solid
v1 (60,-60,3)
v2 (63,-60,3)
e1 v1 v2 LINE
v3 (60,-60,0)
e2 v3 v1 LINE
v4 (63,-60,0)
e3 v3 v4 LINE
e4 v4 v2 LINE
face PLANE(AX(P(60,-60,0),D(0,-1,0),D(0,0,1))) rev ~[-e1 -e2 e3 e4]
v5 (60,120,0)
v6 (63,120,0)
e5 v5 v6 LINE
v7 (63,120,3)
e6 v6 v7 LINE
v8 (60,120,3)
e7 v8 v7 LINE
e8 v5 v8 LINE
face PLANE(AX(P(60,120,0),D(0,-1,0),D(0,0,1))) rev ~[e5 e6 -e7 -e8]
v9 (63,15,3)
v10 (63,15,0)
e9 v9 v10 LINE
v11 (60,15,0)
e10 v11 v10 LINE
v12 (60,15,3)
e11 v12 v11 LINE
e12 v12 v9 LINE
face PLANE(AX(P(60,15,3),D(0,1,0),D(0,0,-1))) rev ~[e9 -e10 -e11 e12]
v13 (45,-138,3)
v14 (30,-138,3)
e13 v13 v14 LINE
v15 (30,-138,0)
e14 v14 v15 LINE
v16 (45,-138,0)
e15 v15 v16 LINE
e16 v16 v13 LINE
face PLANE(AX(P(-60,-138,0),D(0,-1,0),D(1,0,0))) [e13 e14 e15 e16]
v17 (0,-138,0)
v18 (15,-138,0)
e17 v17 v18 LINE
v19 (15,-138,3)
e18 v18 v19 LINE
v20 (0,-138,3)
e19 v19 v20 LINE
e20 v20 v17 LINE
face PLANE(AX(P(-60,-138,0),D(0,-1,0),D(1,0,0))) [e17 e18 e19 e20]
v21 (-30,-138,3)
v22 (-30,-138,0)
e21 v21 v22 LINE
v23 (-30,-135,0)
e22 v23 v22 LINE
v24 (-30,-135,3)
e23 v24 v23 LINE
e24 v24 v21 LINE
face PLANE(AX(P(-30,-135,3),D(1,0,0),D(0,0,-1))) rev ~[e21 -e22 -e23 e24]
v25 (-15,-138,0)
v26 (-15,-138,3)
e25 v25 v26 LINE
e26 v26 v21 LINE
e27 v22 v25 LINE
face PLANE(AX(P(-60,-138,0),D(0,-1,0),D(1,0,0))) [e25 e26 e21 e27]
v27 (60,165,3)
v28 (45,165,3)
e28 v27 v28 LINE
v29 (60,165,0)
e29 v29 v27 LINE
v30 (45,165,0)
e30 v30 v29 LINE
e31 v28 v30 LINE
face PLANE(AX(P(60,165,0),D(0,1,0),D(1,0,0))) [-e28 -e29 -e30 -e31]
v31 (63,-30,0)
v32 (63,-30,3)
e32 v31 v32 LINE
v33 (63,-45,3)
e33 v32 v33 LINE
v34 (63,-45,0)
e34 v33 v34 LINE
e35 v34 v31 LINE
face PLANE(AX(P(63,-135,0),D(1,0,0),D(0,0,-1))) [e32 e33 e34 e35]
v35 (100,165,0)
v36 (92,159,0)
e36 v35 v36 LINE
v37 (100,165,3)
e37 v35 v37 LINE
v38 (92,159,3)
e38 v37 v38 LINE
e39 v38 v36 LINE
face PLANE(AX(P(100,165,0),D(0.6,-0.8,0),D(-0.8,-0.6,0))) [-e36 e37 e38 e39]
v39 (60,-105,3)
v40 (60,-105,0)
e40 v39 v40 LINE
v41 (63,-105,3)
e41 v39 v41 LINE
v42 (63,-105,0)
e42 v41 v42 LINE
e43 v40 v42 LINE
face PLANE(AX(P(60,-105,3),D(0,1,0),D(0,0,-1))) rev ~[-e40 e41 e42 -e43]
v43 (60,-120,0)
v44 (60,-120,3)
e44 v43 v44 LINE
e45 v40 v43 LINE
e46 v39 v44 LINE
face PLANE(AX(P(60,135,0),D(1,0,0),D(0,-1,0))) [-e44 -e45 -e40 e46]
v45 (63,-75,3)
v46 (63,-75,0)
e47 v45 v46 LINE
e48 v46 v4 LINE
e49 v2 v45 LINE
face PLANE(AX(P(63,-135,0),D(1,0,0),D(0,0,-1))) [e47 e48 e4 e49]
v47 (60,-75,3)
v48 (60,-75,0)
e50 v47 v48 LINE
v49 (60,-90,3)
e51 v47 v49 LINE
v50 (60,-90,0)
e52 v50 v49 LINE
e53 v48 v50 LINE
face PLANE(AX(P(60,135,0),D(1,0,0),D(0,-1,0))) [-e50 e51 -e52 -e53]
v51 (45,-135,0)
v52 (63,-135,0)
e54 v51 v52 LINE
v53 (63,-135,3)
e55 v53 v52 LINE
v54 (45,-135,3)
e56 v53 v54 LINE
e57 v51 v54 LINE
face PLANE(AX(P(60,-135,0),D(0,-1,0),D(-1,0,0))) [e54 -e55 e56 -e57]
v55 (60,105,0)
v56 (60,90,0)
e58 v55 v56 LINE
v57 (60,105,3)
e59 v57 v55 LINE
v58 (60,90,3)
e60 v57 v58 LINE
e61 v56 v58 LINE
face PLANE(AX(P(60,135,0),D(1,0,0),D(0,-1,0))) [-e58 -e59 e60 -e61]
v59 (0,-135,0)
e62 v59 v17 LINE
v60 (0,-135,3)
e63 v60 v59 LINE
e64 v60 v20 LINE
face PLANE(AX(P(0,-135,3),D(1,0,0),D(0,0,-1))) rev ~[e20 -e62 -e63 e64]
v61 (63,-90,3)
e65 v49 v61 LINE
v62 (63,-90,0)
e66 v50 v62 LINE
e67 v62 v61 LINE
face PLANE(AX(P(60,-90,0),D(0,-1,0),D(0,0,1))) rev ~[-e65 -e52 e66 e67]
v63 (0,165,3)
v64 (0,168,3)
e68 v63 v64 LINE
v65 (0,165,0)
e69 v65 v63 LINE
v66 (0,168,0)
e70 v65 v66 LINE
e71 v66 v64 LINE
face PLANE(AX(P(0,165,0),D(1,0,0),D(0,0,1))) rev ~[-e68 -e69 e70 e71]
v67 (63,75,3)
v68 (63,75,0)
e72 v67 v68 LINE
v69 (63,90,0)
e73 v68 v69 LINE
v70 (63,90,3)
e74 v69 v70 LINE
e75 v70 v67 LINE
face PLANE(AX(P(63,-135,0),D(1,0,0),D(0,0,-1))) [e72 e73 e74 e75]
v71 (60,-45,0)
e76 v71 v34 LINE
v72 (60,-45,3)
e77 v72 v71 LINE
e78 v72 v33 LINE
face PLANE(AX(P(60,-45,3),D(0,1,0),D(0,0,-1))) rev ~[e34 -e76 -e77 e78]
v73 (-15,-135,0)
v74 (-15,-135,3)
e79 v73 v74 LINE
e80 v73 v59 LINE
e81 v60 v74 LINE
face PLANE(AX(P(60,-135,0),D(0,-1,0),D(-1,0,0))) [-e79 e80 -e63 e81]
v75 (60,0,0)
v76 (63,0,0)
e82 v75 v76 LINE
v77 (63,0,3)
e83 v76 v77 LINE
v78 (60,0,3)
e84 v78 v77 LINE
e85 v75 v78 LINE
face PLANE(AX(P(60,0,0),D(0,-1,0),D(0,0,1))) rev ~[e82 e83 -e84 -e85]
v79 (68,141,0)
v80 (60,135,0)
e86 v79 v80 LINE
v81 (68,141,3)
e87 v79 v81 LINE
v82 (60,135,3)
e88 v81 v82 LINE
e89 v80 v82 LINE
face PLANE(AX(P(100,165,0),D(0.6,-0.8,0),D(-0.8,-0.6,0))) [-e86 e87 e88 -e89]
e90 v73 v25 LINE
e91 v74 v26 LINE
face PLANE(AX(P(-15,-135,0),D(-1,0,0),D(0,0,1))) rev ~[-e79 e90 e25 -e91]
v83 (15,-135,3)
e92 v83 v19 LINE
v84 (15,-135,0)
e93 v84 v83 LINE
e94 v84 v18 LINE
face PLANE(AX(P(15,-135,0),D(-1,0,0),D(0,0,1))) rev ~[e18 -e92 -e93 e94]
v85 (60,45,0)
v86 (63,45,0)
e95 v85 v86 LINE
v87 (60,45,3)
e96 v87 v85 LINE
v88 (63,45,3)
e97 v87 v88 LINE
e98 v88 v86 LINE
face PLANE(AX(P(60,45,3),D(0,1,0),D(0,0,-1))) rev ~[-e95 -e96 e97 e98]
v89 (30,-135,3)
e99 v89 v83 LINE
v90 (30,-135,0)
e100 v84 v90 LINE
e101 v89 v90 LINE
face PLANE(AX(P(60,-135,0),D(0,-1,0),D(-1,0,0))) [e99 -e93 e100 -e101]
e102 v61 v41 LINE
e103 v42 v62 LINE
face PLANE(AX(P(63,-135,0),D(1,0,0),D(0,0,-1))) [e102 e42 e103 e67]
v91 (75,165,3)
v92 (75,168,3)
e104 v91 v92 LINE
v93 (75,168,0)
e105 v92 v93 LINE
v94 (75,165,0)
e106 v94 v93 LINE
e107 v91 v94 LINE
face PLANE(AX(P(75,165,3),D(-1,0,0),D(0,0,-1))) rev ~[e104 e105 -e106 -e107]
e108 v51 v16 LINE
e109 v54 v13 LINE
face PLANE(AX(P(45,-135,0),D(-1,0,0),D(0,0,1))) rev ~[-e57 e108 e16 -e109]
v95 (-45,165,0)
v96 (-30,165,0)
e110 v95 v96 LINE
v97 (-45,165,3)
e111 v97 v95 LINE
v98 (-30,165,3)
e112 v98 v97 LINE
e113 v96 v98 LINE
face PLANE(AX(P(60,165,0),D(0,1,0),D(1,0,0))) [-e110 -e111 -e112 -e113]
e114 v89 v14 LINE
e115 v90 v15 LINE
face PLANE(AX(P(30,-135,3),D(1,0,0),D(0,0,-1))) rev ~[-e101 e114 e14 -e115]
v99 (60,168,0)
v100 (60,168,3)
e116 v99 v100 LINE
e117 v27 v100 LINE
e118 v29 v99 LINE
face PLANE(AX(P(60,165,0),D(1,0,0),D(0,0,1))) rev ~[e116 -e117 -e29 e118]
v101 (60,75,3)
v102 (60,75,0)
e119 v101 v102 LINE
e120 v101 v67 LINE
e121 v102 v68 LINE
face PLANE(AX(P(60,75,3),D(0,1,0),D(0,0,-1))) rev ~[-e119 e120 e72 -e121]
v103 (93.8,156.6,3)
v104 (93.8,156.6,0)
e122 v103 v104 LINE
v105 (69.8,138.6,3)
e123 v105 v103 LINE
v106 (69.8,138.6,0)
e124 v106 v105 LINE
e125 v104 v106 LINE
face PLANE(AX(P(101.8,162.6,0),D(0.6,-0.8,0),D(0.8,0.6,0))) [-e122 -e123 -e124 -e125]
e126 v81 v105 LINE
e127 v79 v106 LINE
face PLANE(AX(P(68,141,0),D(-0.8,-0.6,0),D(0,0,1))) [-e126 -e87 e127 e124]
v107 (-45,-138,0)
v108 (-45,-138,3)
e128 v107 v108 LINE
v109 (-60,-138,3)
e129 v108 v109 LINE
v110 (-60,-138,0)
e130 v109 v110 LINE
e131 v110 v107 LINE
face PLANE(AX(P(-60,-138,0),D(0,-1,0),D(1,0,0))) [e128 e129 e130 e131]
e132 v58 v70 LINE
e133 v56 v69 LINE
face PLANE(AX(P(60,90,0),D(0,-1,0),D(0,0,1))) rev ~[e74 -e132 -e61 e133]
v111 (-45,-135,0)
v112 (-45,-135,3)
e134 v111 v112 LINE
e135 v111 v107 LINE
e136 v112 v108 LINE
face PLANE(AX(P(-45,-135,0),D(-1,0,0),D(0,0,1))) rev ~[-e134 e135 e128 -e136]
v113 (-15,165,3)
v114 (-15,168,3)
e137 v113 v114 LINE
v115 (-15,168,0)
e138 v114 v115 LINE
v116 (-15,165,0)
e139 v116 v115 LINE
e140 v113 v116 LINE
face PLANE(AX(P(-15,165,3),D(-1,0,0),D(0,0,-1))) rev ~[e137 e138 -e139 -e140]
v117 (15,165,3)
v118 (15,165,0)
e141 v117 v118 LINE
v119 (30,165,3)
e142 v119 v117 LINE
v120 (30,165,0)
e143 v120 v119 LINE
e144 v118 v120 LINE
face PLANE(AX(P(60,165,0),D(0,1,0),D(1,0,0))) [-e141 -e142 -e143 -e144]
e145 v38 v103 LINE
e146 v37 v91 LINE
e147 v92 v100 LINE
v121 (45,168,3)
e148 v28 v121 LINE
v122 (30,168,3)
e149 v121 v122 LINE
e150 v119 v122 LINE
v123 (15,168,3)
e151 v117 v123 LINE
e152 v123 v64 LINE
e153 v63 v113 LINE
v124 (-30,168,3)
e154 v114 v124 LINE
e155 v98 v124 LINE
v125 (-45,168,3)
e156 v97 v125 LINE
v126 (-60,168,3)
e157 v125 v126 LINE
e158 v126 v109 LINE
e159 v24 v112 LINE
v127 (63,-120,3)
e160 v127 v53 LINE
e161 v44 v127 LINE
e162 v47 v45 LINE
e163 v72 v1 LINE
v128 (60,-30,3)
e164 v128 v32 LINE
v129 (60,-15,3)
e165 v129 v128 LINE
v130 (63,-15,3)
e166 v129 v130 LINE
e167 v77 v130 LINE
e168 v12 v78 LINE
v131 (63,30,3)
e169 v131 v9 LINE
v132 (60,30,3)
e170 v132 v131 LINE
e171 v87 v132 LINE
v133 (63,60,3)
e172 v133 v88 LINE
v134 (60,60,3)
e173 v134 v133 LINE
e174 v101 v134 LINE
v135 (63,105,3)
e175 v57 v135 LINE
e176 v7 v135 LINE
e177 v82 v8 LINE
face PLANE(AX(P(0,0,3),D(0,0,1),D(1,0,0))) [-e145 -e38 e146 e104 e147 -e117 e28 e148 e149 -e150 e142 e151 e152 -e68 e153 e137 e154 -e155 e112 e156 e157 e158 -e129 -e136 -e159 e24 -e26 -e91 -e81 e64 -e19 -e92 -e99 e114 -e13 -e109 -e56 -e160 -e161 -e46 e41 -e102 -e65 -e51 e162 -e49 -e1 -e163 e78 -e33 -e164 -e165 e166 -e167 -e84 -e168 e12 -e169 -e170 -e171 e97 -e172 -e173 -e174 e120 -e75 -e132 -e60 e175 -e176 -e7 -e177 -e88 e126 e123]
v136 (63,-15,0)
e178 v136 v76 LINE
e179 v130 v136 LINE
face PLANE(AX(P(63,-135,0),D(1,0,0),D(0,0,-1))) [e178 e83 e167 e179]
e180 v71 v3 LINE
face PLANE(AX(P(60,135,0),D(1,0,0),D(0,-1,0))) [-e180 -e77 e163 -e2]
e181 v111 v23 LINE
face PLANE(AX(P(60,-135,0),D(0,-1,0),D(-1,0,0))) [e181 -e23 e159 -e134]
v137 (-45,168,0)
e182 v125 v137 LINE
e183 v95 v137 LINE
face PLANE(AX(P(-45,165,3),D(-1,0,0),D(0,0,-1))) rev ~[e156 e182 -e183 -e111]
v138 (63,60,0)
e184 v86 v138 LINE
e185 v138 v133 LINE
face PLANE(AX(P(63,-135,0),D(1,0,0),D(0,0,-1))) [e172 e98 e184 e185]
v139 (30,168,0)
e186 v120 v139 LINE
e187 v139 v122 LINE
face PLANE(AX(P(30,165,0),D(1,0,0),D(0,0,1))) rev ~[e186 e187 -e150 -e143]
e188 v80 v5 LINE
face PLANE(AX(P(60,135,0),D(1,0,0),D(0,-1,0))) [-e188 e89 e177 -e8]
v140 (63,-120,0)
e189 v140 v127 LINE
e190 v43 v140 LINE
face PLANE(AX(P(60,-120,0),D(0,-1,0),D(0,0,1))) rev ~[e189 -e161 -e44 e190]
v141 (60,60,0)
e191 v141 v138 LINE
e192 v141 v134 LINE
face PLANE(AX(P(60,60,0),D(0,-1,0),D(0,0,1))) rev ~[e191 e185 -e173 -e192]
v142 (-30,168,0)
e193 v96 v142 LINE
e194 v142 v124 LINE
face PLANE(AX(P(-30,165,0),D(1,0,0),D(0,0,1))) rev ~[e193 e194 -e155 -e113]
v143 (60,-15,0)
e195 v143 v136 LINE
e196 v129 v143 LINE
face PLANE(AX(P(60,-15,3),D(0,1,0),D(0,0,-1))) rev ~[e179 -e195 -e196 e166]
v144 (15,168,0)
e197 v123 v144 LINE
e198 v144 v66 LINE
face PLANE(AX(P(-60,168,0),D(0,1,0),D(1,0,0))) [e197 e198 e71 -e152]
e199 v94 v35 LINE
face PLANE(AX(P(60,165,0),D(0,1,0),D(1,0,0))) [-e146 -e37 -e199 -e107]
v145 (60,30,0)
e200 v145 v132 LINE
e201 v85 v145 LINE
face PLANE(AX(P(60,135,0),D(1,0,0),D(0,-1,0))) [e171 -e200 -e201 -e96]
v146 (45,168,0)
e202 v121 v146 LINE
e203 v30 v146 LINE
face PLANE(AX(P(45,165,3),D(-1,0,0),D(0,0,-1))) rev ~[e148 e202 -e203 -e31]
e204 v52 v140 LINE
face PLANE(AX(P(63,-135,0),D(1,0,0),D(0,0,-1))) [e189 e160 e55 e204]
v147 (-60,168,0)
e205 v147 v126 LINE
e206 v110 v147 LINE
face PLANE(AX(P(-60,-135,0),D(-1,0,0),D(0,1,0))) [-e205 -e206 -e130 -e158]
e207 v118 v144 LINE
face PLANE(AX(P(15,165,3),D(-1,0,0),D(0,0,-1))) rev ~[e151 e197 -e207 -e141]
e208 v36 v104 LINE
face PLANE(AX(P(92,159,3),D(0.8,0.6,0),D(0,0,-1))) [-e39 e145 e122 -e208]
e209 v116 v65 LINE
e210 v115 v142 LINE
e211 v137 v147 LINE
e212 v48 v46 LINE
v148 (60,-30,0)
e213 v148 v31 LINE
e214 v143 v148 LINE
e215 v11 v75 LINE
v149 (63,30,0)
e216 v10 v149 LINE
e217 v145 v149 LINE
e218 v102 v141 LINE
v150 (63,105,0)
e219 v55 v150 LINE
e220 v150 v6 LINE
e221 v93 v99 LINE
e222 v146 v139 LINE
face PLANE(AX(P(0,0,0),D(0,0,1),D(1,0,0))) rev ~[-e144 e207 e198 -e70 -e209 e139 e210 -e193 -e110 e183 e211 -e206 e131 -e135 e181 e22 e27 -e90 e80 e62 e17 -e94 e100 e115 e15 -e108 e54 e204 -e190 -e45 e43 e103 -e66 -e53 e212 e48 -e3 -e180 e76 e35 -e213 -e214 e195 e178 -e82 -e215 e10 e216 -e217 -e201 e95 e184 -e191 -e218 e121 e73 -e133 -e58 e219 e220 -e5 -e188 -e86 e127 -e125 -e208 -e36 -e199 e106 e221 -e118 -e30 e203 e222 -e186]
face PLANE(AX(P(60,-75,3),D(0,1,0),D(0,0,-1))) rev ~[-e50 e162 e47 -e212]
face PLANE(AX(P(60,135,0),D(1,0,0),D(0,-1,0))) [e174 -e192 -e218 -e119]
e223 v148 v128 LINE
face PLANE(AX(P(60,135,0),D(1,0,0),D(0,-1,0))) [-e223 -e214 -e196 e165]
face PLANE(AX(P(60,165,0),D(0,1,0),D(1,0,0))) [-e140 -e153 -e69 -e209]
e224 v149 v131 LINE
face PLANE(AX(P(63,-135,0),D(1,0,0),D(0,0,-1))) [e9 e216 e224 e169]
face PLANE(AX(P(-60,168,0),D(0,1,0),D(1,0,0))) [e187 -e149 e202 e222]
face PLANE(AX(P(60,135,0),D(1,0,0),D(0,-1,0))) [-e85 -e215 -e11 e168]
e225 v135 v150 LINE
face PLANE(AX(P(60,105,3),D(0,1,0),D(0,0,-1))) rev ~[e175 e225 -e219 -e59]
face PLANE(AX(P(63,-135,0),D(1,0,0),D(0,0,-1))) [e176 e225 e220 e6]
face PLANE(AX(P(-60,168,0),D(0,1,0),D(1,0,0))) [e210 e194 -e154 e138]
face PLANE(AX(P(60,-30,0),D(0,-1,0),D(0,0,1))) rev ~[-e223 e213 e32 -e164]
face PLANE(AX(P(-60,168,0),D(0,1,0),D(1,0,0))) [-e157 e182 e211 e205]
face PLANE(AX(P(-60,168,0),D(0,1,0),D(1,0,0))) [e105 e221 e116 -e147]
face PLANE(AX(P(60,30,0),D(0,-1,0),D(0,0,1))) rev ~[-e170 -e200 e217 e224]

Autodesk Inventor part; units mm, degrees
ref_plane "YZ Plane" through (0, 0, 0) normal (1, 0, 0) x (0, 1, 0)
ref_plane "XZ Plane" through (0, 0, 0) normal (0, 1, 0) x (-1, 0, 0)
ref_plane "XY Plane" through (0, 0, 0) normal (0, 0, 1) x (1, 0, 0)
sketch "Esboço1" plane through (0, 0, 0) normal (0, 0, 1) x (1, 0, 0)
  line L0 (60, -135) -> (-60, -135)
  line L1 (-60, -135) -> (-60, 135)
  line L2 (-60, 135) -> (60, 135)
  line L3 (60, 135) -> (60, -135)
  line L4 (60, -135) -> (-60, 135) construction
  line L5 (-60, -135) -> (60, 135) construction
  line L6 (-60, 135) -> (60, 135)
  line L7 (60, 135) -> (60, 165)
  line L8 (60, 165) -> (-60, 165)
  line L9 (-60, 165) -> (-60, 135)
  line L10 (60, 165) -> (100, 165)
  line L11 (100, 165) -> (60, 135)
  point P0 (0, 0)
  dimension "d0" = 120
  dimension "d1" = 270
  dimension "d2" = 120
  dimension "d3" = 30
  dimension "d4" = 40
extrude "Extrusão1" add sketch "Esboço1" along normal blind 3
sketch "Esboço2" plane through (60, -135, 0) normal (1, 0, 0) x (0, 0, -1)
  line L0 (-3, 0) -> (0, 0)
  line L1 (0, 0) -> (0, 15)
  line L2 (0, 15) -> (-3, 15)
  line L3 (-3, 15) -> (-3, 0)
  line L4 (-3, 30) -> (0, 30)
  line L5 (0, 30) -> (0, 45)
  line L6 (0, 45) -> (-3, 45)
  line L7 (-3, 45) -> (-3, 30)
  line L8 (-3, 60) -> (0, 60)
  line L9 (0, 60) -> (0, 75)
  line L10 (0, 75) -> (-3, 75)
  line L11 (-3, 75) -> (-3, 60)
  line L12 (-3, 90) -> (0, 90)
  line L13 (0, 90) -> (0, 105)
  line L14 (0, 105) -> (-3, 105)
  line L15 (-3, 105) -> (-3, 90)
  line L16 (-3, 120) -> (0, 120)
  line L17 (0, 120) -> (0, 135)
  line L18 (0, 135) -> (-3, 135)
  line L19 (-3, 135) -> (-3, 120)
  line L20 (-3, 150) -> (0, 150)
  line L21 (0, 150) -> (0, 165)
  line L22 (0, 165) -> (-3, 165)
  line L23 (-3, 165) -> (-3, 150)
  line L24 (-3, 180) -> (0, 180)
  line L25 (0, 180) -> (0, 195)
  line L26 (0, 195) -> (-3, 195)
  line L27 (-3, 195) -> (-3, 180)
  line L28 (-3, 210) -> (0, 210)
  line L29 (0, 210) -> (0, 225)
  line L30 (0, 225) -> (-3, 225)
  line L31 (-3, 225) -> (-3, 210)
  line L32 (-3, 240) -> (0, 240)
  line L33 (0, 240) -> (0, 255)
  line L34 (0, 255) -> (-3, 255)
  line L35 (-3, 255) -> (-3, 240)
  dimension "d7" = 3
  dimension "d8" = 15
  dimension "d11" = 30
sketch "Esboço3" plane through (-60, -135, 0) normal (0, -1, 0) x (1, 0, 0)
  line L0 (160, 3) -> (0, 3) projected
  line L1 (0, 0) -> (15, 0)
  line L2 (15, 0) -> (15, 3)
  line L3 (15, 3) -> (0, 3)
  line L4 (0, 3) -> (0, 0)
  line L5 (30, 0) -> (45, 0)
  line L6 (45, 0) -> (45, 3)
  line L7 (45, 3) -> (30, 3)
  line L8 (60, 0) -> (75, 0)
  line L9 (75, 0) -> (75, 3)
  line L10 (75, 3) -> (60, 3)
  line L11 (90, 0) -> (105, 0)
  line L12 (105, 0) -> (105, 3)
  line L13 (105, 3) -> (90, 3)
  line L14 (30, 0) -> (45, 0)
  line L15 (45, 3) -> (30, 3)
  line L16 (45, 0) -> (45, 3)
  line L17 (30, 3) -> (30, 0)
  line L18 (60, 0) -> (75, 0)
  line L19 (75, 3) -> (60, 3)
  line L20 (75, 0) -> (75, 3)
  line L21 (60, 3) -> (60, 0)
  line L22 (90, 0) -> (105, 0)
  line L23 (105, 3) -> (90, 3)
  line L24 (105, 0) -> (105, 3)
  line L25 (90, 3) -> (90, 0)
  dimension "d16" = 15
  dimension "d17" = 3
  dimension "d20" = 30
  dimension "d27" = 30
sketch "Esboço4" plane through (-60, 165, 0) normal (0, 1, 0) x (1, 0, 0)
  line L0 (160, -3) -> (0, -3) projected
  line L1 (0, -3) -> (15, -3)
  line L2 (15, -3) -> (15, 0)
  line L3 (15, 0) -> (0, 0)
  line L4 (0, 0) -> (0, -3)
  line L5 (30, -3) -> (45, -3)
  line L6 (45, -3) -> (45, 0)
  line L7 (45, 0) -> (30, 0)
  line L8 (30, 0) -> (30, -3)
  line L9 (60, -3) -> (75, -3)
  line L10 (75, -3) -> (75, 0)
  line L11 (75, 0) -> (60, 0)
  line L12 (60, 0) -> (60, -3)
  line L13 (90, -3) -> (105, -3)
  line L14 (105, -3) -> (105, 0)
  line L15 (105, 0) -> (90, 0)
  line L16 (90, 0) -> (90, -3)
  line L17 (120, -3) -> (135, -3)
  line L18 (135, -3) -> (135, 0)
  line L19 (135, 0) -> (120, 0)
  line L20 (120, 0) -> (120, -3)
  point P0 (15, -3)
  dimension "d32" = 15
  dimension "d33" = 3
  dimension "d43" = 30
sketch "Esboço5" plane through (100, 165, 0) normal (0.6, -0.8, 0) x (0.8, 0.6, 0)
  line L0 (0, 0) -> (-128, 0) projected
  line L1 (0, 0) -> (-10, 0)
  line L2 (-50, 0) -> (0, 0) projected
  line L3 (-10, 0) -> (-40, 0)
  line L4 (-40, 0) -> (-40, 3)
  line L5 (-40, 3) -> (-10, 3)
  line L6 (-10, 3) -> (-10, 0)
  point P0 (-179, 0)
  point P1 (-40, 0)
  dimension "d34" = 10
  dimension "d35" = 30
  dimension "d36" = 3
extrude "Extrusão2" add sketch "Esboço2" along normal blind 3
extrude "Extrusão3" add sketch "Esboço3" along normal blind 3
extrude "Extrusão4" add sketch "Esboço4" along normal blind 3
extrude "Extrusão5" add sketch "Esboço5" along normal blind 3
equation "\"d16\" = d8"
equation "\"d17\" = d7"
equation "\"d32\" = d16"
equation "\"d33\" = d17"
equation "\"d36\" = d33"
properties part number "side"
